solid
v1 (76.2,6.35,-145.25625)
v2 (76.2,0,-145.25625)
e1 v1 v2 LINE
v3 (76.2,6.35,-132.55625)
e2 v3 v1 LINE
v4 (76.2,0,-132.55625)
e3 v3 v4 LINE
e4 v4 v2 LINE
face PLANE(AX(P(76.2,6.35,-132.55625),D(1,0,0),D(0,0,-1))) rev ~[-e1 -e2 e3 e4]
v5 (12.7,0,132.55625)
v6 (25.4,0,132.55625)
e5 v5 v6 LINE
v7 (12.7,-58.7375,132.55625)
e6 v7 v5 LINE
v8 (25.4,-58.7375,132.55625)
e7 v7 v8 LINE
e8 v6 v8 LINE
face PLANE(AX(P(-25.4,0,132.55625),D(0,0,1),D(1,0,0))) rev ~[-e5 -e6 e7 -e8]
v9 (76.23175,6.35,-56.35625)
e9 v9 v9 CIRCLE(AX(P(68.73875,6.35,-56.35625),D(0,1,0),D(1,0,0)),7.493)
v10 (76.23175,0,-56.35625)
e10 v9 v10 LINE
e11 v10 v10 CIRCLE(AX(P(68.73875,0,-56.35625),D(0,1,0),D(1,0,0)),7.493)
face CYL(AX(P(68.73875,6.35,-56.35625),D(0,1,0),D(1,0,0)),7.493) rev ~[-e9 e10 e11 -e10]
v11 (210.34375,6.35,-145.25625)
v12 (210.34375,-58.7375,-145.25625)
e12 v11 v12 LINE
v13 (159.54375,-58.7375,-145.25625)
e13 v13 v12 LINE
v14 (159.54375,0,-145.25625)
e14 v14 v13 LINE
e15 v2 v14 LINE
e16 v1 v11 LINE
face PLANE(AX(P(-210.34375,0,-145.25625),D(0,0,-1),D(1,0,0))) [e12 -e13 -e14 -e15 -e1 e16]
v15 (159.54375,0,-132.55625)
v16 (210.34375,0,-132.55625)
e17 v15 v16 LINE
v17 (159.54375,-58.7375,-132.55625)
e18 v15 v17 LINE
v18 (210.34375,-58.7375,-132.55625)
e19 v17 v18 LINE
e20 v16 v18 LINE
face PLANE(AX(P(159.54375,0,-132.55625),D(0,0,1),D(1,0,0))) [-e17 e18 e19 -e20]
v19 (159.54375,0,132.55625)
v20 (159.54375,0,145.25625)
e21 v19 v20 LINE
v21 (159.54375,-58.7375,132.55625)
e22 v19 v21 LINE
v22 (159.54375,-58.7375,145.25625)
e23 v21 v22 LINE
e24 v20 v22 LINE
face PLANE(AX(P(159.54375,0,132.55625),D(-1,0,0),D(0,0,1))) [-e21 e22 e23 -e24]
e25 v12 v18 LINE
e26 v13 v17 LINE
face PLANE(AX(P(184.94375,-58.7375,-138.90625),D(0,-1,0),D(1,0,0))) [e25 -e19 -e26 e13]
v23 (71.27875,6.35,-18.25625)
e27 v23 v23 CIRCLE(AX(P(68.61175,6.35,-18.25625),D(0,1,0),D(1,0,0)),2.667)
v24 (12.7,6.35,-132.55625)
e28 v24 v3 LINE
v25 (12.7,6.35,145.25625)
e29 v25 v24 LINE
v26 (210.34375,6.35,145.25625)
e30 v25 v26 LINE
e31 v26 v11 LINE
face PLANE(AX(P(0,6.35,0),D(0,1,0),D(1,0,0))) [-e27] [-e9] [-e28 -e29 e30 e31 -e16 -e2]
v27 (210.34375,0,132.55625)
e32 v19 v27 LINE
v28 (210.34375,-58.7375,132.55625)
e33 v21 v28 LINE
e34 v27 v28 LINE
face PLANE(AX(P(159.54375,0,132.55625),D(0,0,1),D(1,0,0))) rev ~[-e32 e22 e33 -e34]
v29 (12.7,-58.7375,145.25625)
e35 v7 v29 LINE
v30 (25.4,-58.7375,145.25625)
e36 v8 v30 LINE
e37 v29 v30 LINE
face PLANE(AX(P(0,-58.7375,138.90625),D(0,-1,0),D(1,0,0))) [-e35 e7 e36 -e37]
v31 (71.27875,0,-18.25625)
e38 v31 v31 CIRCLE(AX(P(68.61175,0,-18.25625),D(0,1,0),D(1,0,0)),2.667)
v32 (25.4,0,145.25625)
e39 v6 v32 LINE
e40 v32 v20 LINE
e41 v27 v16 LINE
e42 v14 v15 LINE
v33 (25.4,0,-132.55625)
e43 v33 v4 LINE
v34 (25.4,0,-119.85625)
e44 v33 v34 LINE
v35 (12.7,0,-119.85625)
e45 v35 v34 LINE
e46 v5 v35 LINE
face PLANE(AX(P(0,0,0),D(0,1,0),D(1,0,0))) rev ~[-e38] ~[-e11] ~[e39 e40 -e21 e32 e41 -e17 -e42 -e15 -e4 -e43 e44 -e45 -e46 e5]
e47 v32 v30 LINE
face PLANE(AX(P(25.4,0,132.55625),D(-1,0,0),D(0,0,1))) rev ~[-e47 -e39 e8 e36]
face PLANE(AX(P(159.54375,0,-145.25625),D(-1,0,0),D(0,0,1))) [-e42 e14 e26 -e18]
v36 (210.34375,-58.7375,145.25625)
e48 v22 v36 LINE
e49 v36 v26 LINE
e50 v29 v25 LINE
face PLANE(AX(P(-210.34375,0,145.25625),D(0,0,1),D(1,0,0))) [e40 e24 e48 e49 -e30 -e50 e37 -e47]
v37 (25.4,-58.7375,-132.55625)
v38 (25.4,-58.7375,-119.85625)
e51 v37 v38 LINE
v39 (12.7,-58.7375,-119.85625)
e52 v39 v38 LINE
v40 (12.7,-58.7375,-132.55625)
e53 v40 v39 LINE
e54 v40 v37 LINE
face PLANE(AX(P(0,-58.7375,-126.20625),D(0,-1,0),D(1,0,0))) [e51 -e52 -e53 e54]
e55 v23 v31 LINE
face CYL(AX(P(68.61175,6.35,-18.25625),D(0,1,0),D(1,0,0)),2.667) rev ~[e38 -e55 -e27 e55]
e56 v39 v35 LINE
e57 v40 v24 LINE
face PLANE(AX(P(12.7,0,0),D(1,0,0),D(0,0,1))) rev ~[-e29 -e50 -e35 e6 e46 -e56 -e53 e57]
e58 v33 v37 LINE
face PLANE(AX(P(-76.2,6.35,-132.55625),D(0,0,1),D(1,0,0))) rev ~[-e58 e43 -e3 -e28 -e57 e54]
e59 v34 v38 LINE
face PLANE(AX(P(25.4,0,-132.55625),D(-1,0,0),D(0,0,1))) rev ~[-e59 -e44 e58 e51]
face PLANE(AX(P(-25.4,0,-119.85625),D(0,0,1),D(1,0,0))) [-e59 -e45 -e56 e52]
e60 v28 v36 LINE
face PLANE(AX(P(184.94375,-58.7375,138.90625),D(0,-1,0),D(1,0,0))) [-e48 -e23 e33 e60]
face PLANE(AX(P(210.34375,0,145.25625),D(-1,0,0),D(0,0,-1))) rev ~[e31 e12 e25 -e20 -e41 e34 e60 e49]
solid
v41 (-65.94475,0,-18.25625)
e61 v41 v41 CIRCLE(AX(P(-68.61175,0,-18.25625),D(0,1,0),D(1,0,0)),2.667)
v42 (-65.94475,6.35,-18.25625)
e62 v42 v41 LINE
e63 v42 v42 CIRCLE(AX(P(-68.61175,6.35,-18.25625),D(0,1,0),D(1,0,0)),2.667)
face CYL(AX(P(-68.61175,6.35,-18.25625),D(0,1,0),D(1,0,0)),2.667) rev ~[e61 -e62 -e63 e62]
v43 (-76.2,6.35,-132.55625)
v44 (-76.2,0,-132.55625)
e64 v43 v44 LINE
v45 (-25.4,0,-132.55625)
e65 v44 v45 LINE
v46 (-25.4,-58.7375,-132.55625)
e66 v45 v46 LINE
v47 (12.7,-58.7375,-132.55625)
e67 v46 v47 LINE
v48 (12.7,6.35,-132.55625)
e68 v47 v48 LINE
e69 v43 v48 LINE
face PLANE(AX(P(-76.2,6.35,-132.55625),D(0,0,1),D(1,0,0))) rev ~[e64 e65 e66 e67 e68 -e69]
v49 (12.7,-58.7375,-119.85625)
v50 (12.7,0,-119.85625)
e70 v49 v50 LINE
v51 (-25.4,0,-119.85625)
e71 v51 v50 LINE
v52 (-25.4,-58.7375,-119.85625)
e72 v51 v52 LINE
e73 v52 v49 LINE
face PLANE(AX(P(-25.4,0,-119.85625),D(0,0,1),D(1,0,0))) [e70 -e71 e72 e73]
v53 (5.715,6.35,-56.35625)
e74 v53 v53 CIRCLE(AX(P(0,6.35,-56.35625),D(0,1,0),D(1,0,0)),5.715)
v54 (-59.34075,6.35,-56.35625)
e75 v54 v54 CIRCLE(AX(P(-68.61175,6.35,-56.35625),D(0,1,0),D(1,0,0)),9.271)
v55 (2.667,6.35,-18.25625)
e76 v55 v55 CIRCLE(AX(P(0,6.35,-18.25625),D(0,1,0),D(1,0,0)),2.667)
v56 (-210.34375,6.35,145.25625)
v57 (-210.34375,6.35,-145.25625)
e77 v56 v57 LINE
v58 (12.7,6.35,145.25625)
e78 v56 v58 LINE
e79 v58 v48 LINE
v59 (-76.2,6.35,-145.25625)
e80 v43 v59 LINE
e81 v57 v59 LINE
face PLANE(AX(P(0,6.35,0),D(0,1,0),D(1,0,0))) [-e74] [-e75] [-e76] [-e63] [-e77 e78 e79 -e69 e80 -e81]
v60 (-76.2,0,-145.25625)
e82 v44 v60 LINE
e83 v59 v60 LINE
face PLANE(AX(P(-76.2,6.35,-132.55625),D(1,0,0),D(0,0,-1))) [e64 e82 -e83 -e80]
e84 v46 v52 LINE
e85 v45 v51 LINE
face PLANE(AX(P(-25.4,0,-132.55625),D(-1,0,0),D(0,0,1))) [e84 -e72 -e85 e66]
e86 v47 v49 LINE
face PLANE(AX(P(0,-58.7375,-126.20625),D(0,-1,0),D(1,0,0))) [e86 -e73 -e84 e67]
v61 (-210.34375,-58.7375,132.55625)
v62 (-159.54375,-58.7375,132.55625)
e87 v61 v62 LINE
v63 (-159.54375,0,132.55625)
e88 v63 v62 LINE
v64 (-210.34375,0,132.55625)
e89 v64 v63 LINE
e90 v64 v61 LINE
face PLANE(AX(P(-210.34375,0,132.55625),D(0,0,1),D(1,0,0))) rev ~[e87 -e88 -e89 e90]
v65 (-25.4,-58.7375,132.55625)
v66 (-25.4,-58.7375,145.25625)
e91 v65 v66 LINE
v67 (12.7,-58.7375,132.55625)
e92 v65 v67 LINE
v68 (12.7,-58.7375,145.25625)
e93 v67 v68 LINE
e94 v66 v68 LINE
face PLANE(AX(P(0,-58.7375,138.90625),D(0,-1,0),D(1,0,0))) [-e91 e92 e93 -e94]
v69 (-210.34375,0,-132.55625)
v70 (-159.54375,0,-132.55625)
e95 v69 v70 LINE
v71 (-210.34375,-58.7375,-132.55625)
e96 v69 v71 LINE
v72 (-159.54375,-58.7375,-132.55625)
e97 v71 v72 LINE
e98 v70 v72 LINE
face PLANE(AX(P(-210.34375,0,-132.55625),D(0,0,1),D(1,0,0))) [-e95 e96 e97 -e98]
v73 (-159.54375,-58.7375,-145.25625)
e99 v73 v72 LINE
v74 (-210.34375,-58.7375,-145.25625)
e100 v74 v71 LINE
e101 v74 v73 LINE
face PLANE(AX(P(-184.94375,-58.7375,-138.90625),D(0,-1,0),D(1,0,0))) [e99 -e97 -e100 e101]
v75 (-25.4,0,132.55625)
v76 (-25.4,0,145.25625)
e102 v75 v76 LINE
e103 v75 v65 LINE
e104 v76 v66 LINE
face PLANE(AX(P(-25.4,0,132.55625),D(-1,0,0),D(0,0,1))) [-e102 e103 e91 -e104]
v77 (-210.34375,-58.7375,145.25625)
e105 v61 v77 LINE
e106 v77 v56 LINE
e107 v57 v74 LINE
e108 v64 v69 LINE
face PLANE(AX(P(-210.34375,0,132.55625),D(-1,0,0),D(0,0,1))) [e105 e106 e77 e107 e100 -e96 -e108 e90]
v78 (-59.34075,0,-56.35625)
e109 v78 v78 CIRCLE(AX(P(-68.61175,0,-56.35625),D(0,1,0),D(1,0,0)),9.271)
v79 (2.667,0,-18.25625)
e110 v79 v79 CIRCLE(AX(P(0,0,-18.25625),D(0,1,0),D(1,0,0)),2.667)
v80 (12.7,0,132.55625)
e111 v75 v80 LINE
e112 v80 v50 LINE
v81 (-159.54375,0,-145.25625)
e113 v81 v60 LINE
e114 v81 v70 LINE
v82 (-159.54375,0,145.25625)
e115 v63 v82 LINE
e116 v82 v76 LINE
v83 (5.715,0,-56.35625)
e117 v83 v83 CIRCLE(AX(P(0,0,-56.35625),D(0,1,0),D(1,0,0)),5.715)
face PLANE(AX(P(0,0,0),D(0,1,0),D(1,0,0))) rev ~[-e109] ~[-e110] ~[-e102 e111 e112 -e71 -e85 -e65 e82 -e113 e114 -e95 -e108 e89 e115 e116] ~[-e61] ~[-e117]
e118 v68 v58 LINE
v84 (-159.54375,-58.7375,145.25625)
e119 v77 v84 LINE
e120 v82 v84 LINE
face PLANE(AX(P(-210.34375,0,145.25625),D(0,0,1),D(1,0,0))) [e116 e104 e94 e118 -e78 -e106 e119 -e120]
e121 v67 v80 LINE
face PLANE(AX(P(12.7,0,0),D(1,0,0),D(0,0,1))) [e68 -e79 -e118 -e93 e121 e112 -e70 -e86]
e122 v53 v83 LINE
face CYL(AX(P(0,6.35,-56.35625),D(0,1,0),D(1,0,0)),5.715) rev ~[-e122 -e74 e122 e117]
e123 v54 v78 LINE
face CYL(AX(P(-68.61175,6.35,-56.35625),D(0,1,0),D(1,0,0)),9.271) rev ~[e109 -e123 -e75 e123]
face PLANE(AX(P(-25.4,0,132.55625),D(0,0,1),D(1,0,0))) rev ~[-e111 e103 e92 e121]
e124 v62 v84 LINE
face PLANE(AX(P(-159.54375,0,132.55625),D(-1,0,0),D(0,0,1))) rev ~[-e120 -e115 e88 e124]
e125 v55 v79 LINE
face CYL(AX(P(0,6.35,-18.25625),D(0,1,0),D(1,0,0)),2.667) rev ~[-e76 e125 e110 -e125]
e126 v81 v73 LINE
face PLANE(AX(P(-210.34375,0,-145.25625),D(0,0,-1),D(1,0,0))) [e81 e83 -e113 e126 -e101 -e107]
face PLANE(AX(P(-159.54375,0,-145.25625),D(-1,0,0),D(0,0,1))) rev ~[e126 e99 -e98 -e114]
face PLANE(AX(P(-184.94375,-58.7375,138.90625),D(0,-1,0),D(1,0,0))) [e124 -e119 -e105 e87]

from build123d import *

# Parameters (mm, degrees)
SKETCH1_W                 = 420.6875
SKETCH1_H                 = 290.5125
DESKTOP_DEPTH             = 6.35
SKETCH5_W                 = 152.4
SKETCH5_H                 = 12.7
HDMI_SCREEN_CUTOUT_DEPTH  = 16.51
SKETCH8_R                 = 7.493
SKETCH8_R_2               = 9.271
SKETCH8_R_3               = 5.715
SKETCH8_R_4               = 2.667
SWITCHES_AND_LIGHTS_DEPTH = 16.51
SKETCH9_W                 = 50.8
SKETCH9_H                 = 12.7
BOSS_EXTRUDE1_DEPTH       = 58.7375


with BuildPart() as part:
    # Sketch1 → Desktop (new body)
    with BuildSketch(Plane(origin=(0, 0, 0), x_dir=(1, 0, 0), z_dir=(0, 1, 0))):
        Rectangle(SKETCH1_W, SKETCH1_H)
    extrude(amount=DESKTOP_DEPTH)

    # Sketch5 → HDMI Screen Cutout (cut)
    with BuildSketch(Plane(origin=(0, 6.35, 0), x_dir=(1, 0, 0), z_dir=(0, 1, 0))):
        with Locations((0, 138.90625)):
            Rectangle(SKETCH5_W, SKETCH5_H)
    extrude(amount=-HDMI_SCREEN_CUTOUT_DEPTH, mode=Mode.SUBTRACT)

    # Sketch8 → Switches and Lights (cut)
    with BuildSketch(Plane(origin=(0, 6.35, 0), x_dir=(1, 0, 0), z_dir=(0, 1, 0))):
        with Locations((68.73875, 56.35625)):
            Circle(SKETCH8_R)
        with Locations((-68.61175, 56.35625)):
            Circle(SKETCH8_R_2)
        with Locations((0, 56.35625)):
            Circle(SKETCH8_R_3)
        with Locations((-68.61175, 18.25625)):
            Circle(SKETCH8_R_4)
        with Locations((0, 18.25625)):
            Circle(SKETCH8_R_4)
        with Locations((68.61175, 18.25625)):
            Circle(SKETCH8_R_4)
    extrude(amount=-SWITCHES_AND_LIGHTS_DEPTH, mode=Mode.SUBTRACT)

    # Sketch9 → Boss-Extrude1 (add)
    with BuildSketch(Plane.XZ):
        with Locations((0, 138.90625)):
            Rectangle(SKETCH9_W, SKETCH9_H)
        with Locations((-184.94375, 138.90625)):
            Rectangle(SKETCH9_W, SKETCH9_H)
        with Locations((-184.94375, -138.90625)):
            Rectangle(SKETCH9_W, SKETCH9_H)
        with Locations((184.94375, -138.90625)):
            Rectangle(SKETCH9_W, SKETCH9_H)
        with Locations((184.94375, 138.90625)):
            Rectangle(SKETCH9_W, SKETCH9_H)
        with Locations((0, -126.20625)):
            Rectangle(SKETCH9_W, SKETCH9_H)
    extrude(amount=BOSS_EXTRUDE1_DEPTH)


with BuildPart() as body_2:
    # Split2: the piece on the far side of the plane
    add(part.part)
    split(bisect_by=Plane(origin=(12.7, 0, 0), x_dir=(0, 0, 1), z_dir=(1, 0, 0)), keep=Keep.BOTTOM)


with BuildPart() as part_1:
    add(part.part)

    # Split2
    split(bisect_by=Plane(origin=(12.7, 0, 0), x_dir=(0, 0, 1), z_dir=(1, 0, 0)), keep=Keep.TOP)


solid = Compound([body_2.part, part_1.part])
